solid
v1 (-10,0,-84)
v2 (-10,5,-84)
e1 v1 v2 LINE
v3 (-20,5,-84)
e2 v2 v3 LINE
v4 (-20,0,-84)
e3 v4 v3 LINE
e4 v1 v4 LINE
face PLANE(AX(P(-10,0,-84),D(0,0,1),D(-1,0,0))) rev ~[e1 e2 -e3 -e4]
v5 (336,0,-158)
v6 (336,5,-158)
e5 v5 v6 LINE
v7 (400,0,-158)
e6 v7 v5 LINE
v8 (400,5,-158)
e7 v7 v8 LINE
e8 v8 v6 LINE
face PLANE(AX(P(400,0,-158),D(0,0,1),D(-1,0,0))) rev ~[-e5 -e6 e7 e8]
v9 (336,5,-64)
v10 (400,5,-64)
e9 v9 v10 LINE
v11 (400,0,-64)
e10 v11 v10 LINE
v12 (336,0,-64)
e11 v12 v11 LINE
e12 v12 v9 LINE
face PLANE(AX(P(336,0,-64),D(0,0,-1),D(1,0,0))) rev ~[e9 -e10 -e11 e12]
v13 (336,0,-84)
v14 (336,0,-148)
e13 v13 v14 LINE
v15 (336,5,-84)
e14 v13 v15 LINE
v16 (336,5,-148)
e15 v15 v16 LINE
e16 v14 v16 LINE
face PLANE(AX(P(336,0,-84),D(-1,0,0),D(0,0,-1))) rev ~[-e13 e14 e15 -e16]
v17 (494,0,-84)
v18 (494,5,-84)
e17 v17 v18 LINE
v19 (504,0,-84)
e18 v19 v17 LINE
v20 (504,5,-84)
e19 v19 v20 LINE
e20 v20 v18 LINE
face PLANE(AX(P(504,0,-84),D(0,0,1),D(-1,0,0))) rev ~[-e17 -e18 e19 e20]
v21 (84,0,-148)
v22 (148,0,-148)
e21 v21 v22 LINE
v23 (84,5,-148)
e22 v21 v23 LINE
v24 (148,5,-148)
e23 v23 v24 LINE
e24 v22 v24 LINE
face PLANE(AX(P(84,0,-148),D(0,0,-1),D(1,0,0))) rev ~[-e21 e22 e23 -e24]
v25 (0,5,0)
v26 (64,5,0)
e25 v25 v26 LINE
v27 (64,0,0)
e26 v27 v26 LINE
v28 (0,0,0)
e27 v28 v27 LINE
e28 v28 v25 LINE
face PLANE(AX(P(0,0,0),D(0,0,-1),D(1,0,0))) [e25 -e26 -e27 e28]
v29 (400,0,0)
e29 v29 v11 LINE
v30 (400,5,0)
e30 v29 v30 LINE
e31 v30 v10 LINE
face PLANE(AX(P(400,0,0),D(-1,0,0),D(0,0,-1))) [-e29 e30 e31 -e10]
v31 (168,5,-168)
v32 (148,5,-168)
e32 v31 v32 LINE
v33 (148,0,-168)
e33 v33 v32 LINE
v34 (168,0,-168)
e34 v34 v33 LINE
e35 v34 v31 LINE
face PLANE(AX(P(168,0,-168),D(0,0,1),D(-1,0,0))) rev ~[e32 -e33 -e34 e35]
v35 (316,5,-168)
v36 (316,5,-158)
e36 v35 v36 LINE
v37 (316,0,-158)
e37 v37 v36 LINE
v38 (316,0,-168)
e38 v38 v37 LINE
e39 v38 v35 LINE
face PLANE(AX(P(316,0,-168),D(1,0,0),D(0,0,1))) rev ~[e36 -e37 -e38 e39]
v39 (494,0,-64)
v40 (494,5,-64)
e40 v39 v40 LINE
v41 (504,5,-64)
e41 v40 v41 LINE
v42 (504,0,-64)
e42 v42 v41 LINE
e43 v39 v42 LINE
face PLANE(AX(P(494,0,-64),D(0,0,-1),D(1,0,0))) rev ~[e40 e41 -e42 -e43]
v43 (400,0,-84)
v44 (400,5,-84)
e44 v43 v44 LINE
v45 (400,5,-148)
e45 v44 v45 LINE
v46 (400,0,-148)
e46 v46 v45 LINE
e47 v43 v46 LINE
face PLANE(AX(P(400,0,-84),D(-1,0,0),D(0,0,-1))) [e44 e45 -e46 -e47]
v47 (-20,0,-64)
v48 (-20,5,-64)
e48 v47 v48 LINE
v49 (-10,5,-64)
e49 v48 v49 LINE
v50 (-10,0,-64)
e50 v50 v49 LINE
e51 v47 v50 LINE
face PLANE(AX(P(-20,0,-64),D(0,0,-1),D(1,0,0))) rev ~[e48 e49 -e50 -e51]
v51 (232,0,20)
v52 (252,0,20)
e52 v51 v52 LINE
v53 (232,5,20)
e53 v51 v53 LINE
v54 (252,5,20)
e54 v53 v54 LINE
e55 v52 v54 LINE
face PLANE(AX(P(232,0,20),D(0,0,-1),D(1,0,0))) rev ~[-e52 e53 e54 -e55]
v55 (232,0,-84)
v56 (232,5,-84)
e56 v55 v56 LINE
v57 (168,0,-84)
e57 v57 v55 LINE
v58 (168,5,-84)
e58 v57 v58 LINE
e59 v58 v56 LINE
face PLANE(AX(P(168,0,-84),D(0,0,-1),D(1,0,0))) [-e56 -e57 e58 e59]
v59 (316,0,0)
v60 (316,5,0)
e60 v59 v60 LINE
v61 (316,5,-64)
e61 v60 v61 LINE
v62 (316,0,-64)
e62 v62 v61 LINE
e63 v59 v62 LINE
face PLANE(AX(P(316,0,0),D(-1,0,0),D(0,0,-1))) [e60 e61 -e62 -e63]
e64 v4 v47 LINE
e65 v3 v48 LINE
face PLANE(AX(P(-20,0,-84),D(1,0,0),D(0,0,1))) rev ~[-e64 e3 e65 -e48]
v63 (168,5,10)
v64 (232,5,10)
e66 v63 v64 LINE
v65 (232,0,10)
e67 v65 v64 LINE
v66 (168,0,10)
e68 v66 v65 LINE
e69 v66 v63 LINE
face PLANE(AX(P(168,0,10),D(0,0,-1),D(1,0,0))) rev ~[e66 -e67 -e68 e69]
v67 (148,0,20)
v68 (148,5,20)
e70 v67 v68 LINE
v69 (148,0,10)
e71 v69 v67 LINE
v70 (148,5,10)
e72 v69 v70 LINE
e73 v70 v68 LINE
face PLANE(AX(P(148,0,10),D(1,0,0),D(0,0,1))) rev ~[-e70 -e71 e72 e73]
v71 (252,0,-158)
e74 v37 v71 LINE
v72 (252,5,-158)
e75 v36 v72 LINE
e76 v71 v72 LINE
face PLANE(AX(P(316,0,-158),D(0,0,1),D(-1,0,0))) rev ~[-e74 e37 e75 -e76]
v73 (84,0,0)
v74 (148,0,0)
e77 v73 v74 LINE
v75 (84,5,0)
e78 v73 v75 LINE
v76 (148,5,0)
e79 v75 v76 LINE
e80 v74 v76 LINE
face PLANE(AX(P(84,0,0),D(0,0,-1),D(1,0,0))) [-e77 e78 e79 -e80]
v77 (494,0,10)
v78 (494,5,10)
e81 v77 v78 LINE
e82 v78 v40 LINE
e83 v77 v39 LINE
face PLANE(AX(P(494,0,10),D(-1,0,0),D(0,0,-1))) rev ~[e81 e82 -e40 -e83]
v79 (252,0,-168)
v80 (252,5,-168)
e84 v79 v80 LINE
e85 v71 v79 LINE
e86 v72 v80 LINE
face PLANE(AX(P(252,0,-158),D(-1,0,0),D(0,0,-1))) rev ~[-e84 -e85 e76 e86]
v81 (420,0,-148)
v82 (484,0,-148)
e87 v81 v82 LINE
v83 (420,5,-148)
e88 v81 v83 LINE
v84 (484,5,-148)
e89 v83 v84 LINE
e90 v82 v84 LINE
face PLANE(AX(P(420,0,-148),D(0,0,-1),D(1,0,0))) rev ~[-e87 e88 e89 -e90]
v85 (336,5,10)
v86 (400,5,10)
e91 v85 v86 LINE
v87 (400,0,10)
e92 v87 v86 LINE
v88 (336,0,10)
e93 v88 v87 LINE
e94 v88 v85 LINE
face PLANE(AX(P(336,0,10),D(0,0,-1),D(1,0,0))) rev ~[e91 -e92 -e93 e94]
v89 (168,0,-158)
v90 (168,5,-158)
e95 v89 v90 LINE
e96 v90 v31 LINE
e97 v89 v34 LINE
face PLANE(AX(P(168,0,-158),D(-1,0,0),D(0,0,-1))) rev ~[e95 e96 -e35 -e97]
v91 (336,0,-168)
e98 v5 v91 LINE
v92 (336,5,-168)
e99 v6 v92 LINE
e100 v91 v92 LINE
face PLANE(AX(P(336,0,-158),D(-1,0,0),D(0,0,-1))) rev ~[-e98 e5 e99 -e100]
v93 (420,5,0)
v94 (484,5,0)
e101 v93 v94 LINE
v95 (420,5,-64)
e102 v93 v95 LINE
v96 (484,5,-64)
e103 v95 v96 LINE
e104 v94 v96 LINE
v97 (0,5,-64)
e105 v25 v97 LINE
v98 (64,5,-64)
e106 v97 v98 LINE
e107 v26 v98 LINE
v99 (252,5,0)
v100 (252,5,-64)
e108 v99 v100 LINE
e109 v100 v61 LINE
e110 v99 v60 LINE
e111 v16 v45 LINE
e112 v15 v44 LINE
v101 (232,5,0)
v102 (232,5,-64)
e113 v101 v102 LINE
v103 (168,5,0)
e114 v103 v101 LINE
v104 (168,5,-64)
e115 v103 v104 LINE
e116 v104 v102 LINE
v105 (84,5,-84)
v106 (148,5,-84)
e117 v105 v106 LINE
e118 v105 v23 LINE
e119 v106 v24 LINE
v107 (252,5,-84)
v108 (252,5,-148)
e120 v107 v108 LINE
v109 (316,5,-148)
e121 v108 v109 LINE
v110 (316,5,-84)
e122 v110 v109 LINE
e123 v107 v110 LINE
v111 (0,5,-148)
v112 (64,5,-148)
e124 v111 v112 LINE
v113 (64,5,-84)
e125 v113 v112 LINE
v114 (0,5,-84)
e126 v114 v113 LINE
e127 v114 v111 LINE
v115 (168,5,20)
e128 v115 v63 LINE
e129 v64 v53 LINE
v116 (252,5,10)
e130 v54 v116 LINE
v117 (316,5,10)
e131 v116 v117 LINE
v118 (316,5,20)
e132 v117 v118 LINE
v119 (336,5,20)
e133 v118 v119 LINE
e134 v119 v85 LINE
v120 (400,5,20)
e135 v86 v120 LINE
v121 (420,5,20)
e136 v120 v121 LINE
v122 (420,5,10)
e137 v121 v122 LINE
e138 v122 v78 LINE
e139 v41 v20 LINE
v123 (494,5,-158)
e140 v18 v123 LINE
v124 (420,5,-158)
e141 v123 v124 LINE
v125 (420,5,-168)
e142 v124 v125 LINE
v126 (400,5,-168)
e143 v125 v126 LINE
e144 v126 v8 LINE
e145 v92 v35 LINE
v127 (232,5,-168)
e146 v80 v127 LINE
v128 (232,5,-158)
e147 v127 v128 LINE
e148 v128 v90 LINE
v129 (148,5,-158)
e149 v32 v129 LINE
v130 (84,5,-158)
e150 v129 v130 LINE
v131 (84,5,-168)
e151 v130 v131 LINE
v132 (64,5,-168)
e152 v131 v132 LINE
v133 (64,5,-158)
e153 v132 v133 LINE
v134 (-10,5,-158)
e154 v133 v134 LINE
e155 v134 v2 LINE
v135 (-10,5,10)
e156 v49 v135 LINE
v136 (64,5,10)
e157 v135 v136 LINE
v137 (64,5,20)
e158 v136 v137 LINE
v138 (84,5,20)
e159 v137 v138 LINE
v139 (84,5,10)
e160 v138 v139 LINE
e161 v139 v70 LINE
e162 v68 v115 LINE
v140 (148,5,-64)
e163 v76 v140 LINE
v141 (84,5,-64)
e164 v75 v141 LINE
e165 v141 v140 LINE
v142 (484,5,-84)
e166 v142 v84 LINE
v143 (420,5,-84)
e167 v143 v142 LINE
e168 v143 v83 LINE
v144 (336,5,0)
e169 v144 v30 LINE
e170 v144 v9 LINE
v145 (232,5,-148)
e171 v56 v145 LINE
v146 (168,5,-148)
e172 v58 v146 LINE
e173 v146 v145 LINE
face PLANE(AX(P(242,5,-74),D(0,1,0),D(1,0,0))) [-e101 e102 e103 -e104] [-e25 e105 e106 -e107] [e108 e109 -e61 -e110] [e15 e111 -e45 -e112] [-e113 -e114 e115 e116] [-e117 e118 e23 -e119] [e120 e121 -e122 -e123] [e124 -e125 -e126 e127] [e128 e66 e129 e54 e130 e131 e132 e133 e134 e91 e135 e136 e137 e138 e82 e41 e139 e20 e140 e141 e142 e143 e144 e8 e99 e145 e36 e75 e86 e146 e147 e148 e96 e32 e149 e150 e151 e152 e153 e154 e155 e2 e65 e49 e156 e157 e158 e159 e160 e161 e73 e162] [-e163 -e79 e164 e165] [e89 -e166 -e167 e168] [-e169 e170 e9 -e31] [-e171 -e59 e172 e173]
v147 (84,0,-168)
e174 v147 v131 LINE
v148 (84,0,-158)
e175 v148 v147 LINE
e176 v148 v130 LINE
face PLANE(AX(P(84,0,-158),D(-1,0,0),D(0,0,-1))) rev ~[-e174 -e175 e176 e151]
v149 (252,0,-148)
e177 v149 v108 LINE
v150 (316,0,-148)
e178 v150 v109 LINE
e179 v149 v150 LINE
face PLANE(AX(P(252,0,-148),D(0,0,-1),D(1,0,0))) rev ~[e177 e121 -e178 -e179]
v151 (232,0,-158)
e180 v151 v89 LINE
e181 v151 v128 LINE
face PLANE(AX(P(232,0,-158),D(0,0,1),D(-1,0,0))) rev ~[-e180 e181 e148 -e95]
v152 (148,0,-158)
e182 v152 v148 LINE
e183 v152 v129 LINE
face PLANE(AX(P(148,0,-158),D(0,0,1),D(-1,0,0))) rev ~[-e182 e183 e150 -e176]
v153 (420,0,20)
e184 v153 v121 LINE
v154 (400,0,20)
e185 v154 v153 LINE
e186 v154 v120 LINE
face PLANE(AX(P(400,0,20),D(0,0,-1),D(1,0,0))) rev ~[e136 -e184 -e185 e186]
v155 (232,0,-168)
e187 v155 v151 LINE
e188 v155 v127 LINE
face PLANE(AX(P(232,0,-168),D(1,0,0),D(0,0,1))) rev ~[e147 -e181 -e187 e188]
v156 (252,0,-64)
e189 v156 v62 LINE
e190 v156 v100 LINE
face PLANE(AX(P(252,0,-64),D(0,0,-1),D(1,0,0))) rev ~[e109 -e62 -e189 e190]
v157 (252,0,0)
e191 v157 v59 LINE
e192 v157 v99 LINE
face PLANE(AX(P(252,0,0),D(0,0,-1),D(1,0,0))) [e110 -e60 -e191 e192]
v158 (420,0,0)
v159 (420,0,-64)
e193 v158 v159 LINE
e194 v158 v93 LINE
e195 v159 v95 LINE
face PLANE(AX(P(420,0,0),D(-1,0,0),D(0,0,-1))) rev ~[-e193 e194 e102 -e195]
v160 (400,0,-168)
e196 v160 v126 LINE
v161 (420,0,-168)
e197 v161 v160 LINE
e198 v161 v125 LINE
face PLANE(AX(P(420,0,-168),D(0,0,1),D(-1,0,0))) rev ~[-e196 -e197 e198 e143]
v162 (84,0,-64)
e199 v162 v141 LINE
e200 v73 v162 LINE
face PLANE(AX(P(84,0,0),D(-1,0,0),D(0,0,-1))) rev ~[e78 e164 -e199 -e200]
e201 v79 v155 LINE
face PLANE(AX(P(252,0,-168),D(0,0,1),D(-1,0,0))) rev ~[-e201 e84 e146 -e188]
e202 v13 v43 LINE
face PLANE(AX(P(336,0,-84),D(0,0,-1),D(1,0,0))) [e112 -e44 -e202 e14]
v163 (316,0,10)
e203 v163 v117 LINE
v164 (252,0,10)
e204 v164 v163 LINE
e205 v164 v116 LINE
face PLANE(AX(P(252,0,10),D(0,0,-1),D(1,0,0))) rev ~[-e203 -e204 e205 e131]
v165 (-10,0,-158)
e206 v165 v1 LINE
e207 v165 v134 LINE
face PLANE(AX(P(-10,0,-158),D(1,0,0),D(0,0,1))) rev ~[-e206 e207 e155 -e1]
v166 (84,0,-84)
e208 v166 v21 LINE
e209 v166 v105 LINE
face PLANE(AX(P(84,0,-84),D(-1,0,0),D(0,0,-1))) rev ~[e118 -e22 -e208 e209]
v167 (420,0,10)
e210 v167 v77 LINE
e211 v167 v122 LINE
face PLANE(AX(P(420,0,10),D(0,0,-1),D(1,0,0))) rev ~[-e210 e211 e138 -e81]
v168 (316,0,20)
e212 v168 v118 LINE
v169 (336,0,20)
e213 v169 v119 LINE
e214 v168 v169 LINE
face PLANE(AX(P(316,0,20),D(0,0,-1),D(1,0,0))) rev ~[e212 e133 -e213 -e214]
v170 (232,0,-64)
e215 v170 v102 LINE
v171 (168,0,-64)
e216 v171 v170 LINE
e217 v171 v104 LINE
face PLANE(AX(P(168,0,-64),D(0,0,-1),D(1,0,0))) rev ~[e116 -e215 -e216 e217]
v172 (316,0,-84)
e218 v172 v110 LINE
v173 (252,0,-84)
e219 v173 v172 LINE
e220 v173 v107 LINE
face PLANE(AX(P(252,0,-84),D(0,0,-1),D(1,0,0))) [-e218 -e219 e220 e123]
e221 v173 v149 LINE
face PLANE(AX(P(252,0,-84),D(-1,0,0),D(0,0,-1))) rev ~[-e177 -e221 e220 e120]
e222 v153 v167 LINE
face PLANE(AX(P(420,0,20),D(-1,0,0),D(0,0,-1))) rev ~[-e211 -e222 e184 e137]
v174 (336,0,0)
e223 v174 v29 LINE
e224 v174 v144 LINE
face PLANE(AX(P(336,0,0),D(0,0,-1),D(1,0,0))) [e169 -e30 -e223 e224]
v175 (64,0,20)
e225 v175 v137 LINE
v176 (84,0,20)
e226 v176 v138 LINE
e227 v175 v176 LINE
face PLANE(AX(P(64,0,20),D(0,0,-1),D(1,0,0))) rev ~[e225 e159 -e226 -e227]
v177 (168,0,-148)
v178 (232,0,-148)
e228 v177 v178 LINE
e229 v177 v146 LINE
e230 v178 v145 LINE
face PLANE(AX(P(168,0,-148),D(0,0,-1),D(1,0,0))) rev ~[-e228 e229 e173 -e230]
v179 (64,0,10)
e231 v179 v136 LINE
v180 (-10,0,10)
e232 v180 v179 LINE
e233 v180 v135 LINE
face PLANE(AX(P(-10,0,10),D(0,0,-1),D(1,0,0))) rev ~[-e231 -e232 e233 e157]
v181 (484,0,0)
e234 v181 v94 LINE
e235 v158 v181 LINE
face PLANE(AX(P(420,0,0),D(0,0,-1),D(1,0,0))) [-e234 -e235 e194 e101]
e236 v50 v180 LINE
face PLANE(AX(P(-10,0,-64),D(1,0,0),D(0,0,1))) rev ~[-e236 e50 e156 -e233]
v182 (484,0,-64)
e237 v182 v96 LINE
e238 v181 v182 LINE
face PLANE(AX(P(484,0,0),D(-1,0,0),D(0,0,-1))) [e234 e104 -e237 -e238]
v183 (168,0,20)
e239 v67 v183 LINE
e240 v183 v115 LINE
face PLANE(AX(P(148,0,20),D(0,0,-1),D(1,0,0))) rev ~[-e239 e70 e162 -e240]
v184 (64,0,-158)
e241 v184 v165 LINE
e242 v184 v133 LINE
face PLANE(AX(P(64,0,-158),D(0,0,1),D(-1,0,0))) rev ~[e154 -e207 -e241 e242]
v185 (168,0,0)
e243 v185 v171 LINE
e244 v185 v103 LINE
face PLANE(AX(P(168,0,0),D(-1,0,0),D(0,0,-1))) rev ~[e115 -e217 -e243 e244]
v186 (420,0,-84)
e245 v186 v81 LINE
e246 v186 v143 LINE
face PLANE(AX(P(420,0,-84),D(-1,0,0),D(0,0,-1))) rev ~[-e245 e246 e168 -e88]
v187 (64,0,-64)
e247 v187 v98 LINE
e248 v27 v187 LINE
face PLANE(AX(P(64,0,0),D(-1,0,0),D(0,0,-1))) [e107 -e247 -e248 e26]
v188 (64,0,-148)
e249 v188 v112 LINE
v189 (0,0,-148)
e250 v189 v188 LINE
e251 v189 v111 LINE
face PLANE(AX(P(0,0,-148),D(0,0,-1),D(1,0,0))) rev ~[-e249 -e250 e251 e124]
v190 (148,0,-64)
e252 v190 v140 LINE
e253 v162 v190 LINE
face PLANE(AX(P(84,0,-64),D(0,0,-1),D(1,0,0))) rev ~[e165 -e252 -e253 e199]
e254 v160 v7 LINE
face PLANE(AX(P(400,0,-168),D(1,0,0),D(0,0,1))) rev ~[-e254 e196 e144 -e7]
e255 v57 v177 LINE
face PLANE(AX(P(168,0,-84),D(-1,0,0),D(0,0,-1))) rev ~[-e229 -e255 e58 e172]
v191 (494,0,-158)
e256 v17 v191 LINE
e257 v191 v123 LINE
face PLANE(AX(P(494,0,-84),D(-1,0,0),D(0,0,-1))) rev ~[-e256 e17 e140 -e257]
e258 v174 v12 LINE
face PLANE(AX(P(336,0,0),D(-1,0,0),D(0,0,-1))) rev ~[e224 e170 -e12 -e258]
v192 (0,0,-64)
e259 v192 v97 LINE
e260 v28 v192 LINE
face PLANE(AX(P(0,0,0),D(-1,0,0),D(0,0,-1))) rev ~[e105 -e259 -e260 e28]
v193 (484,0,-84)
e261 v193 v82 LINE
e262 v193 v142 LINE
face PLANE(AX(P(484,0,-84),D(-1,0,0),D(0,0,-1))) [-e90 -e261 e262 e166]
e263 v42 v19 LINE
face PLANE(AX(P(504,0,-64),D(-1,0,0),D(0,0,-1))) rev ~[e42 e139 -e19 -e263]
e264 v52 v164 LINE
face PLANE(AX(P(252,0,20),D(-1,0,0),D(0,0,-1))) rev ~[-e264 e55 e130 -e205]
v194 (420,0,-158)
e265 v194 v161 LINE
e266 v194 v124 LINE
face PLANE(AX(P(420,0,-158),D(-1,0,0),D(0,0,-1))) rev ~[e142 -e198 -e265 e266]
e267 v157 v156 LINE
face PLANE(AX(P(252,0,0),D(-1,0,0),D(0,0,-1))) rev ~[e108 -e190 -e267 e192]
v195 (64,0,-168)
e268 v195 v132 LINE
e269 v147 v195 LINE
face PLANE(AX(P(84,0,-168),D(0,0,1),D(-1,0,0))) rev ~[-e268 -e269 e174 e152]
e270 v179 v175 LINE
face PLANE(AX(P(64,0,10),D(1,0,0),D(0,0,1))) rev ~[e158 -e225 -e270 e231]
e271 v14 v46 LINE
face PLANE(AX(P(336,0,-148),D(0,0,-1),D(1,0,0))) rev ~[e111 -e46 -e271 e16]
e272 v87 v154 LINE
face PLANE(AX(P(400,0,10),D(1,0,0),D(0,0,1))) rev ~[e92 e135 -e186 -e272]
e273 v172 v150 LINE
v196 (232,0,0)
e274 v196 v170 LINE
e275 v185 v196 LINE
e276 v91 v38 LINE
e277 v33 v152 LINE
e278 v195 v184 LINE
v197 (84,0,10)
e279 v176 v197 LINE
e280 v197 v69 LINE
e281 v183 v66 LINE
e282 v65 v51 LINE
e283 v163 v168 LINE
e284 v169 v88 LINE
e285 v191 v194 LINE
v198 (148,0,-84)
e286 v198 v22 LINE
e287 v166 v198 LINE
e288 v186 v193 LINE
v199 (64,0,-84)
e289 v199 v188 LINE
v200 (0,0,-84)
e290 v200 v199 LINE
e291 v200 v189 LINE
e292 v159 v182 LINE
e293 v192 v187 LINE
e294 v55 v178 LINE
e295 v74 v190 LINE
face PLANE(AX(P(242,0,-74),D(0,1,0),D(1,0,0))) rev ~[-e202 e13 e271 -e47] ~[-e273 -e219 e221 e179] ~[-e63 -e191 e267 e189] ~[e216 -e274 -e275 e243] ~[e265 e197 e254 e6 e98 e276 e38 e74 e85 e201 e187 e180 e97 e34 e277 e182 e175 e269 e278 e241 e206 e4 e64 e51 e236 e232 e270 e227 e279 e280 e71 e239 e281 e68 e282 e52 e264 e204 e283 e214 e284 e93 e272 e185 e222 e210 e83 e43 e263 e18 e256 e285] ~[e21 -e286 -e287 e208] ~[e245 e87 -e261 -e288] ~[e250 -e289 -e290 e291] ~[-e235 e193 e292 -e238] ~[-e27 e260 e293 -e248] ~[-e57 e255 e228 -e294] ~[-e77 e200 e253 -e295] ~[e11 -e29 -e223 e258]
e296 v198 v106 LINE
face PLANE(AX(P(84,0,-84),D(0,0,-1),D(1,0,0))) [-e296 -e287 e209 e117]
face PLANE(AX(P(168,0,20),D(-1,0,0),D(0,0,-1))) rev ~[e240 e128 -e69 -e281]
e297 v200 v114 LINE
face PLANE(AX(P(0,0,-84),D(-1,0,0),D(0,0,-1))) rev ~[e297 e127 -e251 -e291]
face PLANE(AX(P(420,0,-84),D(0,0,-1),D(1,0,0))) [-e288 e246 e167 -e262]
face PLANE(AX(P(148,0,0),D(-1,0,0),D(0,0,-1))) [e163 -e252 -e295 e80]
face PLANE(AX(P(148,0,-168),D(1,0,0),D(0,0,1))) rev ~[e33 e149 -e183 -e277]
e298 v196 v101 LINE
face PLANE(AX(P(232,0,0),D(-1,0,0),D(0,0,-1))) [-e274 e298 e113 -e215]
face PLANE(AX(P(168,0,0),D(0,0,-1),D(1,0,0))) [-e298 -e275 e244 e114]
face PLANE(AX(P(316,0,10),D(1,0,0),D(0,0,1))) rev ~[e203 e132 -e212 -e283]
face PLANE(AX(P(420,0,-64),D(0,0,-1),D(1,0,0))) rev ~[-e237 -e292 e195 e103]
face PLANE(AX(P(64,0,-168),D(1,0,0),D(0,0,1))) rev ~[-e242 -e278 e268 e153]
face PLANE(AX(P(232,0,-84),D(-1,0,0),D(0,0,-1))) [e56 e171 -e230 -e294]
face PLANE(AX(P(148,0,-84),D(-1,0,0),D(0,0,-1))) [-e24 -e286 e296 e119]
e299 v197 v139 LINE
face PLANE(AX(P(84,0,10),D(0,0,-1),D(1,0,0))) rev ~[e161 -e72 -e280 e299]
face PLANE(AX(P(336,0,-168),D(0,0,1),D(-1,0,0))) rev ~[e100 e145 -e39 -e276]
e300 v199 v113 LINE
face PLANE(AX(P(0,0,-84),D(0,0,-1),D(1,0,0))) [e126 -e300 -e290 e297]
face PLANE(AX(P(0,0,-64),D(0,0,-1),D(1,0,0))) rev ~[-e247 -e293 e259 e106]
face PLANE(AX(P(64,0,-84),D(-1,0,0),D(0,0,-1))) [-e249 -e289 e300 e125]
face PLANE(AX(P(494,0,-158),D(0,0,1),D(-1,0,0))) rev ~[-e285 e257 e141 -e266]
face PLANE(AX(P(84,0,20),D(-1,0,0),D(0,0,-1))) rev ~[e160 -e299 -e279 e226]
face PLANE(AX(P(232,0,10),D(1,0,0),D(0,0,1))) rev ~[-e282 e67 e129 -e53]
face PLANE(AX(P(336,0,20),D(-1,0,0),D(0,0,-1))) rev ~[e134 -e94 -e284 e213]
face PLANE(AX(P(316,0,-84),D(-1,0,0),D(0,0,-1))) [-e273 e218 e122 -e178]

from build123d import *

# Parameters (mm, degrees)
CROQUIS1_W              = 64
CROQUIS1_H              = 64
SALIENTE_EXTRUIR1_DEPTH = 5


with BuildPart() as part:
    # Croquis1 → Saliente-Extruir1 (new body)
    with BuildSketch(Plane(origin=(0, 0, 0), x_dir=(1, 0, 0), z_dir=(0, 1, 0))):
        Polygon((-10, -10), (64, -10), (64, -20), (84, -20), (84, -10), (148, -10), (148, -20), (168, -20), (168, -10), (232, -10), (232, -20), (252, -20), (252, -10), (316, -10), (316, -20), (336, -20), (336, -10), (400, -10), (400, -20), (420, -20), (420, -10), (494, -10), (494, 64), (504, 64), (504, 84), (494, 84), (494, 158), (420, 158), (420, 168), (400, 168), (400, 158), (336, 158), (336, 168), (316, 168), (316, 158), (252, 158), (252, 168), (232, 168), (232, 158), (168, 158), (168, 168), (148, 168), (148, 158), (84, 158), (84, 168), (64, 168), (64, 158), (-10, 158), (-10, 84), (-20, 84), (-20, 64), (-10, 64), align=None)
        with Locations((32, 32)):
            Rectangle(CROQUIS1_W, CROQUIS1_H, mode=Mode.SUBTRACT)
        with Locations((116, 32)):
            Rectangle(CROQUIS1_W, CROQUIS1_H, mode=Mode.SUBTRACT)
        with Locations((200, 32)):
            Rectangle(CROQUIS1_W, CROQUIS1_H, mode=Mode.SUBTRACT)
        with Locations((284, 32)):
            Rectangle(CROQUIS1_W, CROQUIS1_H, mode=Mode.SUBTRACT)
        with Locations((368, 32)):
            Rectangle(CROQUIS1_W, CROQUIS1_H, mode=Mode.SUBTRACT)
        with Locations((452, 32)):
            Rectangle(CROQUIS1_W, CROQUIS1_H, mode=Mode.SUBTRACT)
        with Locations((116, 116)):
            Rectangle(CROQUIS1_W, CROQUIS1_H, mode=Mode.SUBTRACT)
        with Locations((200, 116)):
            Rectangle(CROQUIS1_W, CROQUIS1_H, mode=Mode.SUBTRACT)
        with Locations((284, 116)):
            Rectangle(CROQUIS1_W, CROQUIS1_H, mode=Mode.SUBTRACT)
        with Locations((368, 116)):
            Rectangle(CROQUIS1_W, CROQUIS1_H, mode=Mode.SUBTRACT)
        with Locations((452, 116)):
            Rectangle(CROQUIS1_W, CROQUIS1_H, mode=Mode.SUBTRACT)
        with Locations((32, 116)):
            Rectangle(CROQUIS1_W, CROQUIS1_H, mode=Mode.SUBTRACT)
    extrude(amount=SALIENTE_EXTRUIR1_DEPTH)


solid = part.part
